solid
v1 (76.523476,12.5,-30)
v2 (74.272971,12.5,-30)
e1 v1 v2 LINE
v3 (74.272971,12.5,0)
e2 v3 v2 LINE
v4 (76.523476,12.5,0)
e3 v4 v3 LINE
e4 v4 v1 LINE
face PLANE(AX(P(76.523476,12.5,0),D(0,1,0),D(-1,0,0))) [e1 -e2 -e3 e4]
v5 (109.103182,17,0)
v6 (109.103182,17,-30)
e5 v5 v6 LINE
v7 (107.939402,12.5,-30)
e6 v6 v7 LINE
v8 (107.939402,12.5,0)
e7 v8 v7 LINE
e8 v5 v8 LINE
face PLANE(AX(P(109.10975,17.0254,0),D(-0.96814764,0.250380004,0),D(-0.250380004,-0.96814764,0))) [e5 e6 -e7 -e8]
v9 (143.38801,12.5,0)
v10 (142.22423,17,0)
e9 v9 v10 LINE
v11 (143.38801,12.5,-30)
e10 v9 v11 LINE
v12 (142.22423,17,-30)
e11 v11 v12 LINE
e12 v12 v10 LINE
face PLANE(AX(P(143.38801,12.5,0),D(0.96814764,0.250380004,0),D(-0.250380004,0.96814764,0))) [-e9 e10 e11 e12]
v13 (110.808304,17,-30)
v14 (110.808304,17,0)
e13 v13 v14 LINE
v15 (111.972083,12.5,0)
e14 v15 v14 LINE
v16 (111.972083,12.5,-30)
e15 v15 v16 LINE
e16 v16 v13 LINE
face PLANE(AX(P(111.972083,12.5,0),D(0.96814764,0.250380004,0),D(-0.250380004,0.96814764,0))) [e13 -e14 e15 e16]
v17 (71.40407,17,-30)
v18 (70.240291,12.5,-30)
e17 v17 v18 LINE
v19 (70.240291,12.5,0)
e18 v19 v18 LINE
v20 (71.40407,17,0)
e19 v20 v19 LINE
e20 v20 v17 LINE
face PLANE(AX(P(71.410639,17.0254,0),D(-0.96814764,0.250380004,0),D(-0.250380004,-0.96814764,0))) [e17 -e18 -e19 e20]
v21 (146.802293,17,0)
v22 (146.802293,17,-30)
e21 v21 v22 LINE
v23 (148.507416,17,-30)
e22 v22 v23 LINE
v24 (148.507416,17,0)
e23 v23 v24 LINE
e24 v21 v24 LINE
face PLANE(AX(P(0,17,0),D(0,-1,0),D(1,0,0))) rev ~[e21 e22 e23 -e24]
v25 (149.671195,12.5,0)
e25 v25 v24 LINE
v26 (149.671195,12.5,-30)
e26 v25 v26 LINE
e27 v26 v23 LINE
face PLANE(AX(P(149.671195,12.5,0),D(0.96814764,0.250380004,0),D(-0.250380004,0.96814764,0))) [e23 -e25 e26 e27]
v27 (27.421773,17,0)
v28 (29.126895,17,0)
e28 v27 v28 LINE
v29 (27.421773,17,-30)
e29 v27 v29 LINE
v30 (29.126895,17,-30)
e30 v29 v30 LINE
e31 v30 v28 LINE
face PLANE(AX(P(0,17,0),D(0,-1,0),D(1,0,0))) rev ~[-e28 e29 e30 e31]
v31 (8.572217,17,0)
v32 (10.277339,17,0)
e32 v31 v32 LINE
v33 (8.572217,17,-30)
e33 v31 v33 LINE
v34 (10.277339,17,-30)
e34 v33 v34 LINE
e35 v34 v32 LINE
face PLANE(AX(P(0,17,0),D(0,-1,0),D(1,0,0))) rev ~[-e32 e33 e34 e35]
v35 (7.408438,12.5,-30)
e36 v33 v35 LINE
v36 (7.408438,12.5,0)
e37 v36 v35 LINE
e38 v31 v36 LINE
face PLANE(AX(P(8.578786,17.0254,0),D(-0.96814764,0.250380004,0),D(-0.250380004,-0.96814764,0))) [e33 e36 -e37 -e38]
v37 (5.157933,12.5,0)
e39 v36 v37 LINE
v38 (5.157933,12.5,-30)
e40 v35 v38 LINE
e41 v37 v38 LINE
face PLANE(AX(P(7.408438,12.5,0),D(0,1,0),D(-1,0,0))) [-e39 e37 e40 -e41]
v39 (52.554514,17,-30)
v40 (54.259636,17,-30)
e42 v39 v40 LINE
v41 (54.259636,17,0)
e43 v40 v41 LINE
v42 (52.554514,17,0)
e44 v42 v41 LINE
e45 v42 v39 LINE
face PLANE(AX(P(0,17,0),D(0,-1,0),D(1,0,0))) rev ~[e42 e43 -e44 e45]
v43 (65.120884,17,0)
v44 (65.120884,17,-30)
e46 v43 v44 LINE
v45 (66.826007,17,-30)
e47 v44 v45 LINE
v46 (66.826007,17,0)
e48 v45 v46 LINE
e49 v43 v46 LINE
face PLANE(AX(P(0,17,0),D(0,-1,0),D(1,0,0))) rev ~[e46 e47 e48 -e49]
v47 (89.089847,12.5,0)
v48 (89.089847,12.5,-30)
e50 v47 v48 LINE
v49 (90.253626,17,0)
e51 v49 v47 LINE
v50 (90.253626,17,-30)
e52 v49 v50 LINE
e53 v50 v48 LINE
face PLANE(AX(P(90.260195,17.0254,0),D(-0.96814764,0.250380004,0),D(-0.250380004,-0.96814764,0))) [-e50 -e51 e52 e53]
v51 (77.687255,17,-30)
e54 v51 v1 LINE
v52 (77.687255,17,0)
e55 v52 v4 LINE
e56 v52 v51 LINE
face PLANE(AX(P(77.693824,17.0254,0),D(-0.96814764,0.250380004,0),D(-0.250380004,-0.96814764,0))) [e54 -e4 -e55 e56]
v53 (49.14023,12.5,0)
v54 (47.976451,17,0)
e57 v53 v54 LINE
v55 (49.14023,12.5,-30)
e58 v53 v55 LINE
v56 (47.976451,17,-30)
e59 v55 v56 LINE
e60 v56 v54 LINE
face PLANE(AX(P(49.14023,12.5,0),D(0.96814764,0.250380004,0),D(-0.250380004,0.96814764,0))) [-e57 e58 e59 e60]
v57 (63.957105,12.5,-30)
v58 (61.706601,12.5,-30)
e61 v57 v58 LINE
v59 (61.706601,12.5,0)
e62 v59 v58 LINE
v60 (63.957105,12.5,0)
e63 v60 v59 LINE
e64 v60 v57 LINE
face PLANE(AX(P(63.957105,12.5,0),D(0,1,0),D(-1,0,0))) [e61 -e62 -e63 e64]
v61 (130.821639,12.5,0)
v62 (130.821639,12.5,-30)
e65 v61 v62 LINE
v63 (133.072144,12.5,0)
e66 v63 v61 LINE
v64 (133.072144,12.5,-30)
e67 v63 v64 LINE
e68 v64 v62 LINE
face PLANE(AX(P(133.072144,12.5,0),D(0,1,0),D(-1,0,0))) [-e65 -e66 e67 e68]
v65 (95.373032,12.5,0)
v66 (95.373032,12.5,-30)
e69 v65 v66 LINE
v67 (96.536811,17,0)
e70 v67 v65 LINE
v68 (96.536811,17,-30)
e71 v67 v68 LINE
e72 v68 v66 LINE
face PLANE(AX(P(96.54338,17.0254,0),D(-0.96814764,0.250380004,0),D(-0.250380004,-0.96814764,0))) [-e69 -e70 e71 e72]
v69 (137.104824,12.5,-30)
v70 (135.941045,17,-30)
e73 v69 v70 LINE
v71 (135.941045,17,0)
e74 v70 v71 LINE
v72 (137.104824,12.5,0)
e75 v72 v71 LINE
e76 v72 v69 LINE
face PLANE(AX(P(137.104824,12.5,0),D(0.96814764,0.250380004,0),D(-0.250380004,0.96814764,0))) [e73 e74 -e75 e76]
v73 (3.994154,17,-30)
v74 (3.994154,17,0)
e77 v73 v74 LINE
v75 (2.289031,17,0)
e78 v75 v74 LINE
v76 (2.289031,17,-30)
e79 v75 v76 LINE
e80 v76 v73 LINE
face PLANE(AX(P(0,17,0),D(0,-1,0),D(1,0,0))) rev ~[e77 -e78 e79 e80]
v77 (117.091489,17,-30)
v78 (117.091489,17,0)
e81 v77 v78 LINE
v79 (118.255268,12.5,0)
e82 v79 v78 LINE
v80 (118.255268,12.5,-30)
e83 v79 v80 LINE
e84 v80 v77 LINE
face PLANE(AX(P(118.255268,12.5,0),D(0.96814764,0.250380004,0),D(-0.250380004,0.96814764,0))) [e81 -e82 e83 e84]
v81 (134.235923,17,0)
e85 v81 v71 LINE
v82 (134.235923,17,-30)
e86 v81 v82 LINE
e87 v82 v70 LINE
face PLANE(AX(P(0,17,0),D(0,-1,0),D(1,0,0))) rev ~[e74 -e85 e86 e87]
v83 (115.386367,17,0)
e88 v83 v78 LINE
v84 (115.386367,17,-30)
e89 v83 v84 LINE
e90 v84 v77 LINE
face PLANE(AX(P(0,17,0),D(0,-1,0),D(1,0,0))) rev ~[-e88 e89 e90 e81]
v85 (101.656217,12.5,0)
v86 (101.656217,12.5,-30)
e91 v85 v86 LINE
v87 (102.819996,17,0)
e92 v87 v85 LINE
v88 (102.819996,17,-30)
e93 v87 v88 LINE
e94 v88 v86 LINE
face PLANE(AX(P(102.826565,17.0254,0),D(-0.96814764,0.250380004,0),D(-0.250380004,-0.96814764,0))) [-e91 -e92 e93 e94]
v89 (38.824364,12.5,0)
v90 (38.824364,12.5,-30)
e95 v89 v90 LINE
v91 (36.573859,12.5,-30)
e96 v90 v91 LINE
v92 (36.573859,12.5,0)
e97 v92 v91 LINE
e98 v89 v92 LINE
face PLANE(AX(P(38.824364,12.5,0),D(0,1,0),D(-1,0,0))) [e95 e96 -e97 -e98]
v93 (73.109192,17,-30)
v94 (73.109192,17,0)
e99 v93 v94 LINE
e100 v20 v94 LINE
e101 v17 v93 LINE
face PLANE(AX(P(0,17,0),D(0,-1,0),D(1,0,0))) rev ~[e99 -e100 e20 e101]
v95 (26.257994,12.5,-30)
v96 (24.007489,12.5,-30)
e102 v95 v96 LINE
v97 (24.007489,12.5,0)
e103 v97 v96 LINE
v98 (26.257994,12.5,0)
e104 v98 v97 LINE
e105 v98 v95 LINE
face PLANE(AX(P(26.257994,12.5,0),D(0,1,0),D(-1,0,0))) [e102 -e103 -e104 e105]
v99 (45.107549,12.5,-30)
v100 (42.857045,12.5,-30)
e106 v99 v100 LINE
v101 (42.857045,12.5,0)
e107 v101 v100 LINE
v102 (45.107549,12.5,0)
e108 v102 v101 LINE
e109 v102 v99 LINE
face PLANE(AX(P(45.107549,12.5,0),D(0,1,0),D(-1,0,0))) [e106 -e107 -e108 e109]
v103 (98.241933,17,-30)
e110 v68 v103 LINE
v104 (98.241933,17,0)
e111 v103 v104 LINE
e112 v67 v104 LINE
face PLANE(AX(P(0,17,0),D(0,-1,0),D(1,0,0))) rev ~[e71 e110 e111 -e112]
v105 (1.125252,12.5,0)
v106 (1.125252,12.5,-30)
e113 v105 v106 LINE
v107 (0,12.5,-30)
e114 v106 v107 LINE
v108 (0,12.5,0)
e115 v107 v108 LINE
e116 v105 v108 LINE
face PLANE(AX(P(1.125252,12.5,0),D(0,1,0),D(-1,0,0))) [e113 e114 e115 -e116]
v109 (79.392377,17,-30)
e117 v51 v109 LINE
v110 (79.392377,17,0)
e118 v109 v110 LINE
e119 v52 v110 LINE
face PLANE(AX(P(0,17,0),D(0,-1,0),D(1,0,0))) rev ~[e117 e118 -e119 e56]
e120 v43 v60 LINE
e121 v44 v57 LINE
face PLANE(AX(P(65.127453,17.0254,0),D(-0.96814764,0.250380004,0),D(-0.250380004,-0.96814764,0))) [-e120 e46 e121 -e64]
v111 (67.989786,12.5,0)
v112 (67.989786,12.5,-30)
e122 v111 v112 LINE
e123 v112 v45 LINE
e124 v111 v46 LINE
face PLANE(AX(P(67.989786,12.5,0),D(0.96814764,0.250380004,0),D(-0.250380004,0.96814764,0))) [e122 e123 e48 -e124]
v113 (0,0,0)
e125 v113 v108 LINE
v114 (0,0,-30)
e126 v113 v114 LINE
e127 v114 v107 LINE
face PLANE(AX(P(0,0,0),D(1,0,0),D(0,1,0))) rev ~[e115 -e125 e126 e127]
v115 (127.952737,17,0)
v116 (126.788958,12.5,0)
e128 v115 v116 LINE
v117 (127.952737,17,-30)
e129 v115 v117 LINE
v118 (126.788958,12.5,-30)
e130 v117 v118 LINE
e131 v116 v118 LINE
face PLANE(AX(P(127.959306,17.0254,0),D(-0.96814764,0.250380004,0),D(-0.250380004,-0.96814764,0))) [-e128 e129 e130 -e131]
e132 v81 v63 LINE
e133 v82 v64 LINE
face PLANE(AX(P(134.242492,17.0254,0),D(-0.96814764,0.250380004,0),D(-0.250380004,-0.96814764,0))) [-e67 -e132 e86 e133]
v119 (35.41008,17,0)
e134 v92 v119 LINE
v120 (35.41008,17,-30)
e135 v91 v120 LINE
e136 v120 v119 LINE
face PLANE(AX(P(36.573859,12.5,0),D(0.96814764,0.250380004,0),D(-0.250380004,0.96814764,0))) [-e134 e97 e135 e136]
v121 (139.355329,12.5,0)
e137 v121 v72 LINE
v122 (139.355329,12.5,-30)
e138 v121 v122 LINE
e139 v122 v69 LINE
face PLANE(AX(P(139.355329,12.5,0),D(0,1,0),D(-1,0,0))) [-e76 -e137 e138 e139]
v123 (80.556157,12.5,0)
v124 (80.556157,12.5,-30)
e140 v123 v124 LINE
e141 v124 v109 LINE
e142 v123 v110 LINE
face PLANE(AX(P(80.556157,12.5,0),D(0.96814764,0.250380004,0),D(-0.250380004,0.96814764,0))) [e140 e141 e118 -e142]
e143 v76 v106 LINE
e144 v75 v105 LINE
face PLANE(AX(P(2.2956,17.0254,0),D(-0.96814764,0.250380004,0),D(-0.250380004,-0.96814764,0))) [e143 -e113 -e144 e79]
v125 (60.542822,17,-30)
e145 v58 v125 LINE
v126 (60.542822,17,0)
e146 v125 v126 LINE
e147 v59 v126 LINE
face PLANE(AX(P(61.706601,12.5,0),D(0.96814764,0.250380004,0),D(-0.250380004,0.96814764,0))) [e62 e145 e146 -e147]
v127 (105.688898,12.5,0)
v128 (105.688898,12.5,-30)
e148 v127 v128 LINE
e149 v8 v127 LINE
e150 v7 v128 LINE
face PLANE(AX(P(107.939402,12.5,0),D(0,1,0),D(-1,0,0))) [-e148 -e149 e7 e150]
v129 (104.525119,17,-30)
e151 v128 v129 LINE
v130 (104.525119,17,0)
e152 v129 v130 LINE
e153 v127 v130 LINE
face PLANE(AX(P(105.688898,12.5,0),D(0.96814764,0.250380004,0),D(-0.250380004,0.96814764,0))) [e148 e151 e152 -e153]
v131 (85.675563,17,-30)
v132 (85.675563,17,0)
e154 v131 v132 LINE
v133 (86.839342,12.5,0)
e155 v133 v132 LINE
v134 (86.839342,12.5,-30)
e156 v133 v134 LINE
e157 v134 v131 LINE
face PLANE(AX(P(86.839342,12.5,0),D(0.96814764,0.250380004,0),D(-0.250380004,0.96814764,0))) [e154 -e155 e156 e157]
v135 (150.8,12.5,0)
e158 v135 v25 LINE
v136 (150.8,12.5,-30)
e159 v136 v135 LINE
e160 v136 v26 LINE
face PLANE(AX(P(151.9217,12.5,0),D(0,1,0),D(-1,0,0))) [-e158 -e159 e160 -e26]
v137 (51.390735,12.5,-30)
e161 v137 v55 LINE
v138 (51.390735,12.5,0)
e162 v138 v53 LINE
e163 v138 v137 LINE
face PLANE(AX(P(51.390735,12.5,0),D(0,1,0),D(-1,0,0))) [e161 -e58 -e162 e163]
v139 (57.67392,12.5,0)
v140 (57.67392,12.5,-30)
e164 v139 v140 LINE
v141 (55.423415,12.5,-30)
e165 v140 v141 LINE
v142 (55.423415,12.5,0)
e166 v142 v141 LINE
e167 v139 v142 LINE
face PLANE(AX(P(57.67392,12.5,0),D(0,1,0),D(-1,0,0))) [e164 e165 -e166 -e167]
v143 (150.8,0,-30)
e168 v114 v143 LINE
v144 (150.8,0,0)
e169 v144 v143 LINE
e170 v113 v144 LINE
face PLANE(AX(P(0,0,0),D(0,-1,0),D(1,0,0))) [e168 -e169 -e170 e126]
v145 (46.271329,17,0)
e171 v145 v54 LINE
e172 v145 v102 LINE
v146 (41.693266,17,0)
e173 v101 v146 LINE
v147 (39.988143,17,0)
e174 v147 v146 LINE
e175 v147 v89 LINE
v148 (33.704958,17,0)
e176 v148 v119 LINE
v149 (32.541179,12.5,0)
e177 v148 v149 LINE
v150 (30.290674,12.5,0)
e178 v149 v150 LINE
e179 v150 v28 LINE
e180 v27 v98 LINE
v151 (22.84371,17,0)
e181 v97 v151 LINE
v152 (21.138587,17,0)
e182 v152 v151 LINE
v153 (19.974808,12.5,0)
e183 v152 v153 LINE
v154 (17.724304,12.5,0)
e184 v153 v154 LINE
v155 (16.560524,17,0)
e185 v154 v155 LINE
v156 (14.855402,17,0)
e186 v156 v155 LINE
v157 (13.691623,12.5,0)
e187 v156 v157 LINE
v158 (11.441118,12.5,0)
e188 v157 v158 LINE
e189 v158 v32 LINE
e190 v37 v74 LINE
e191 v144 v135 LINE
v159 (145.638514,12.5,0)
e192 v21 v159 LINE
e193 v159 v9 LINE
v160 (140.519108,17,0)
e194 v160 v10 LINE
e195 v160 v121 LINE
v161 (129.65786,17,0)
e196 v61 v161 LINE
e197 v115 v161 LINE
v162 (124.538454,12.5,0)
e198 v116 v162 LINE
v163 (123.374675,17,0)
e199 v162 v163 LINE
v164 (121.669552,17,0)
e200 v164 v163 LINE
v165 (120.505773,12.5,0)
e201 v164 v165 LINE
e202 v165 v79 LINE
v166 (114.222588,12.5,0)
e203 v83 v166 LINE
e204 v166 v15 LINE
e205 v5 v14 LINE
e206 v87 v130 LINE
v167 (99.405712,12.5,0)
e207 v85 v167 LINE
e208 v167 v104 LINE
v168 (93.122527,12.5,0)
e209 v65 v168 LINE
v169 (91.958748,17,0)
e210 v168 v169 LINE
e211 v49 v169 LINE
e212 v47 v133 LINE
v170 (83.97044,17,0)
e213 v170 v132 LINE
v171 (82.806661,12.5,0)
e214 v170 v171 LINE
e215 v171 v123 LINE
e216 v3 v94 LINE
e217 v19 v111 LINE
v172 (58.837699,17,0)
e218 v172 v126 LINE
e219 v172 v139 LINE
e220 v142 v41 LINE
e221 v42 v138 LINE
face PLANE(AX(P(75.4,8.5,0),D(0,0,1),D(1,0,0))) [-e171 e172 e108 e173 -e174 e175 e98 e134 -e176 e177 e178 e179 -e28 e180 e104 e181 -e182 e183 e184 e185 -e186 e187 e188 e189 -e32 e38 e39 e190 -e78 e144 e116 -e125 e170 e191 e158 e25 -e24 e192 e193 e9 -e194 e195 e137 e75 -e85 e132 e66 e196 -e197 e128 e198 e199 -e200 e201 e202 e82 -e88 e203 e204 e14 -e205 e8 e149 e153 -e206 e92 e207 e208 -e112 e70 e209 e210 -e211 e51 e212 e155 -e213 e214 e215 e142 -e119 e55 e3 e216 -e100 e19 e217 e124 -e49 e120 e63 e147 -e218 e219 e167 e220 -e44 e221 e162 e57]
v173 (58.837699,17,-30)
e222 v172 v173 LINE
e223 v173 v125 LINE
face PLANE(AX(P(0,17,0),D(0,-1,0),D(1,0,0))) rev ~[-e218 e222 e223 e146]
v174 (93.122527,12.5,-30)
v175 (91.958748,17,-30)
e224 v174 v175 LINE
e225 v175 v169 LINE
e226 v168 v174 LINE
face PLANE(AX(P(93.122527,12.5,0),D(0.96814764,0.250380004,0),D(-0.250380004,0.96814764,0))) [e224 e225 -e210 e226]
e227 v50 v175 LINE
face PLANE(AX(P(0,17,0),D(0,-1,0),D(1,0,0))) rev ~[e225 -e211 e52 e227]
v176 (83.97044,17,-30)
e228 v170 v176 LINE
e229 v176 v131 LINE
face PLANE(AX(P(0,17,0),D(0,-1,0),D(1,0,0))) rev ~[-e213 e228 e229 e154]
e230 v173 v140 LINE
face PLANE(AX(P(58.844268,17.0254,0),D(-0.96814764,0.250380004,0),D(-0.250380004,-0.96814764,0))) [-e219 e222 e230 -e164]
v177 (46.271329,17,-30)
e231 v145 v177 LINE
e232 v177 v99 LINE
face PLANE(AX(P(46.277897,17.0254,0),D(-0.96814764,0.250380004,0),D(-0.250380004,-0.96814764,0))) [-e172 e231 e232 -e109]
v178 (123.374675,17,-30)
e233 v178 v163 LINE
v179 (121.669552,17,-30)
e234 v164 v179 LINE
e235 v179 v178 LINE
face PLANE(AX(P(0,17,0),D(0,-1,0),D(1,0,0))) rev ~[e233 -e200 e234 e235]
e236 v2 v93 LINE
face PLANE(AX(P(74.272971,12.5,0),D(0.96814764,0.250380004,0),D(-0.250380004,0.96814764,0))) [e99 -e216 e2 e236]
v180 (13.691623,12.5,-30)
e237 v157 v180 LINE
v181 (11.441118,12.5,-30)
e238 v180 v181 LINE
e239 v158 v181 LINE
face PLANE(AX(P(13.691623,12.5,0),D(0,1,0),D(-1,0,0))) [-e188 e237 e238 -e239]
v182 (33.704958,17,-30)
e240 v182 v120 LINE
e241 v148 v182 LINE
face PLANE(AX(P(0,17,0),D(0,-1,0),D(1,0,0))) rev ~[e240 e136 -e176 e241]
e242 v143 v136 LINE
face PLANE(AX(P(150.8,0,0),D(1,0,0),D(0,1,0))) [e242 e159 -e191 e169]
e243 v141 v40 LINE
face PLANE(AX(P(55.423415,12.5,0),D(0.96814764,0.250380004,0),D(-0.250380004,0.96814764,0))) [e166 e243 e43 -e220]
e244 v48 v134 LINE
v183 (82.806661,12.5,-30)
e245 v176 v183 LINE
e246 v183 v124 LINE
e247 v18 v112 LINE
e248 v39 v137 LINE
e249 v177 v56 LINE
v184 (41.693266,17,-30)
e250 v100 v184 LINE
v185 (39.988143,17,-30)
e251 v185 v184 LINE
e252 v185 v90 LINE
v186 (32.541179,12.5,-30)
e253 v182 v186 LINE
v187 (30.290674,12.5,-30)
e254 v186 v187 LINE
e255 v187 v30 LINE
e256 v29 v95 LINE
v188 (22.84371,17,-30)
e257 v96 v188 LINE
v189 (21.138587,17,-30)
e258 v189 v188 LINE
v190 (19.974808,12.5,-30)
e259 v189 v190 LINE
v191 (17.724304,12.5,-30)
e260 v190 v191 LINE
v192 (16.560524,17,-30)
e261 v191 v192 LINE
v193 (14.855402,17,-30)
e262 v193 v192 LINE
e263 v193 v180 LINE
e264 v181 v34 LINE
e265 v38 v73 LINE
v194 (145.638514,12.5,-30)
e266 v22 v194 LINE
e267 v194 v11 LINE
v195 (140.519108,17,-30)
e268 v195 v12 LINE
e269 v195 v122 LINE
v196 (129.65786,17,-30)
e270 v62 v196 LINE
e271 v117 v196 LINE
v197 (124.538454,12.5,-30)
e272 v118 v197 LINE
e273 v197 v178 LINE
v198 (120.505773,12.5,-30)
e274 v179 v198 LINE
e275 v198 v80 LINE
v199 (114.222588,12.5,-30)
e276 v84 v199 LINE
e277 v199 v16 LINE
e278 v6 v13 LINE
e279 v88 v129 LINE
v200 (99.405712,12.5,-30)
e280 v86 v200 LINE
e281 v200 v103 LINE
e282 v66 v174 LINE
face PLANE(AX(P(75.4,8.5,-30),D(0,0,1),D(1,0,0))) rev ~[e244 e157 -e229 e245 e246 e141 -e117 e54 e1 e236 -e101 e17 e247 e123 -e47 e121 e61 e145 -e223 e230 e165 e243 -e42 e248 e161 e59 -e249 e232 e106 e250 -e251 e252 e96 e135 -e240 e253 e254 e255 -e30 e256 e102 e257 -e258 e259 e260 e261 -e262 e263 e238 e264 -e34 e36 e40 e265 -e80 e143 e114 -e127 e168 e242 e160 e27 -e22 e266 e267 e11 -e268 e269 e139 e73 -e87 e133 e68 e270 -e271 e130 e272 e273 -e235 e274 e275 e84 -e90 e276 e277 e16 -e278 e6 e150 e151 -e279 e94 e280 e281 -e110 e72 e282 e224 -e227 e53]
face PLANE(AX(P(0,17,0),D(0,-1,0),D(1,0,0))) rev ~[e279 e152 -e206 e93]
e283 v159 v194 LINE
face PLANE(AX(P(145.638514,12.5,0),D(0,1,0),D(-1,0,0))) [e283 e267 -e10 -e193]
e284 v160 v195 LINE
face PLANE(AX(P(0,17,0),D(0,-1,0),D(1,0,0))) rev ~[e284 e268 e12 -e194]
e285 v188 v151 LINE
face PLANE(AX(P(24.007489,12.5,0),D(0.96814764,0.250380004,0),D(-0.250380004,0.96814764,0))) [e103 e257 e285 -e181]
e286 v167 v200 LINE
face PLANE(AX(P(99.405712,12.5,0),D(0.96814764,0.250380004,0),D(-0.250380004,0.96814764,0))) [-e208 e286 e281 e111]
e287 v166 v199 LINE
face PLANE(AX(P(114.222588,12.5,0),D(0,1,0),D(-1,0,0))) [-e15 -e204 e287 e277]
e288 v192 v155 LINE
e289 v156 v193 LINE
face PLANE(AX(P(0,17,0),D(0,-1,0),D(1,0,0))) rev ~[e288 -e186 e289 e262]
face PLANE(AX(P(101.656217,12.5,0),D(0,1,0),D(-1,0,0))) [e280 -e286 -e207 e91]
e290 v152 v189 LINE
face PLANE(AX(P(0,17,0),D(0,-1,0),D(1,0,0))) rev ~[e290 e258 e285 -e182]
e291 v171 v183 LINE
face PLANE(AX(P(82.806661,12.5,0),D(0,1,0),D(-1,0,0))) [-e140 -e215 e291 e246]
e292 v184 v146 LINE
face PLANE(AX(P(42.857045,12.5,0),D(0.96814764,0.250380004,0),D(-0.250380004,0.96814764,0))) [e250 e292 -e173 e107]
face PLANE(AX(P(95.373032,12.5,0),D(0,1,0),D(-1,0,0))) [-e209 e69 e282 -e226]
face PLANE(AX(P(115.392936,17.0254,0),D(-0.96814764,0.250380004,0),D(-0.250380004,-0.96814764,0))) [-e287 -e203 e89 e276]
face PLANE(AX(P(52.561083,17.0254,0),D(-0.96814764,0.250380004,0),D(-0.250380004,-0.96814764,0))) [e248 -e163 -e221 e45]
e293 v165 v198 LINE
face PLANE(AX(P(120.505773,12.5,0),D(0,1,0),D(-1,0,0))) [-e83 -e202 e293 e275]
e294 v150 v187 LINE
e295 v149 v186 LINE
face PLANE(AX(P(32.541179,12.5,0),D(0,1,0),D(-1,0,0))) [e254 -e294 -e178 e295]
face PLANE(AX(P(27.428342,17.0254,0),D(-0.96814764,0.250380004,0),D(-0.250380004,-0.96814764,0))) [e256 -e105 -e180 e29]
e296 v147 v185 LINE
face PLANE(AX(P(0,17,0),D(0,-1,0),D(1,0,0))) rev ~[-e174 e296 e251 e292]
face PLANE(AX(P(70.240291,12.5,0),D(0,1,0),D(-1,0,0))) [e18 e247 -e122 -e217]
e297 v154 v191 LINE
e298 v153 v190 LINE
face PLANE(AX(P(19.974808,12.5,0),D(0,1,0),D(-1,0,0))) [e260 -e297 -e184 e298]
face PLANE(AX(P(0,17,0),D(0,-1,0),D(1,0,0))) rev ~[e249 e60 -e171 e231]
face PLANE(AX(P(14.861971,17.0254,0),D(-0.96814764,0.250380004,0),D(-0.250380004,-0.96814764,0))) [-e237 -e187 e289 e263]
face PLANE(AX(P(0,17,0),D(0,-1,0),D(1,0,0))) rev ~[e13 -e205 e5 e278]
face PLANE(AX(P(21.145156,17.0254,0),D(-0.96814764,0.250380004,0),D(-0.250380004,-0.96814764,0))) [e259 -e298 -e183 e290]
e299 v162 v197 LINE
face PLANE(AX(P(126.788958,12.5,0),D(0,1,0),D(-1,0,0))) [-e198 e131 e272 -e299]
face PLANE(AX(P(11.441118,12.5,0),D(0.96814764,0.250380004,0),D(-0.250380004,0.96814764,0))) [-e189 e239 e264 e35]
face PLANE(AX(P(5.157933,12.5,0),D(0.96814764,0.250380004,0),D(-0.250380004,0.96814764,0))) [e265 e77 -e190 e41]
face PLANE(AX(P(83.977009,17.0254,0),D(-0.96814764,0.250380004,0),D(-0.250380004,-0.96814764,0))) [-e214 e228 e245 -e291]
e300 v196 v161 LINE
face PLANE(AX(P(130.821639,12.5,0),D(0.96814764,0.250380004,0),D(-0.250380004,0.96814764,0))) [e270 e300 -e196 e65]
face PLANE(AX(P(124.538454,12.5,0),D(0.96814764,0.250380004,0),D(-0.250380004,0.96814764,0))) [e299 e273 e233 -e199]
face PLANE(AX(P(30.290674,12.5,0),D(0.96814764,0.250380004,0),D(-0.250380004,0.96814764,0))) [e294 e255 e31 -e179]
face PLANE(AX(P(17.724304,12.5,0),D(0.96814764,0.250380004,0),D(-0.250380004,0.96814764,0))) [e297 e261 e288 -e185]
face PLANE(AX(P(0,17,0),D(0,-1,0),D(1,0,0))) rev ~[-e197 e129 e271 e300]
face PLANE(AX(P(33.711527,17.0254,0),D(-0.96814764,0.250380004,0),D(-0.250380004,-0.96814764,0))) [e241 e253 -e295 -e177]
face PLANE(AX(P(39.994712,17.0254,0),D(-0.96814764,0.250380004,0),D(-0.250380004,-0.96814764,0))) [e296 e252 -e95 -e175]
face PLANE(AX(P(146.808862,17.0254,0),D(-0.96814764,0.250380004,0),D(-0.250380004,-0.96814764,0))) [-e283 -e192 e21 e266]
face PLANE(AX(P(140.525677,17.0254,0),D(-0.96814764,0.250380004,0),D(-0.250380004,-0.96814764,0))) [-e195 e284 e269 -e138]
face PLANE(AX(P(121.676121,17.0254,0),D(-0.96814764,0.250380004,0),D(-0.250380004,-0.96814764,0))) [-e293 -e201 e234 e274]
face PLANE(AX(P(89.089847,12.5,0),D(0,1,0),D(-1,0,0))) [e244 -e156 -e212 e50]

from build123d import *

# Parameters (mm, degrees)
BLANKSKE_W        = 150.8
BLANKSKE_H        = 17
BLANK_DEPTH       = 30
TOOTHCUTSIM_DEPTH = 155.692081245
TEETHCUTS_COUNT   = 25
TEETHCUTS_PITCH   = 6.2831853


with BuildPart() as part:
    # BlankSke → Blank (new body)
    with BuildSketch(Plane.XY):
        with Locations((75.4, 8.5)):
            Rectangle(BLANKSKE_W, BLANKSKE_H)
    extrude(amount=-BLANK_DEPTH)

    # TooCutSkeSim → ToothCutSim (cut, through all)
    with BuildSketch(Plane.XY):
        Polygon((1.125252364, 12.5), (-1.125252364, 12.5), (-2.29560038, 17.0254), (2.29560038, 17.0254), align=None)
    toothcutsim = extrude(amount=-TOOTHCUTSIM_DEPTH, mode=Mode.SUBTRACT)

    # TeethCuts: ToothCutSim ×25
    with Locations(*[(i * TEETHCUTS_PITCH, 0, 0) for i in range(1, TEETHCUTS_COUNT)]):
        add(toothcutsim, mode=Mode.SUBTRACT)


solid = part.part
